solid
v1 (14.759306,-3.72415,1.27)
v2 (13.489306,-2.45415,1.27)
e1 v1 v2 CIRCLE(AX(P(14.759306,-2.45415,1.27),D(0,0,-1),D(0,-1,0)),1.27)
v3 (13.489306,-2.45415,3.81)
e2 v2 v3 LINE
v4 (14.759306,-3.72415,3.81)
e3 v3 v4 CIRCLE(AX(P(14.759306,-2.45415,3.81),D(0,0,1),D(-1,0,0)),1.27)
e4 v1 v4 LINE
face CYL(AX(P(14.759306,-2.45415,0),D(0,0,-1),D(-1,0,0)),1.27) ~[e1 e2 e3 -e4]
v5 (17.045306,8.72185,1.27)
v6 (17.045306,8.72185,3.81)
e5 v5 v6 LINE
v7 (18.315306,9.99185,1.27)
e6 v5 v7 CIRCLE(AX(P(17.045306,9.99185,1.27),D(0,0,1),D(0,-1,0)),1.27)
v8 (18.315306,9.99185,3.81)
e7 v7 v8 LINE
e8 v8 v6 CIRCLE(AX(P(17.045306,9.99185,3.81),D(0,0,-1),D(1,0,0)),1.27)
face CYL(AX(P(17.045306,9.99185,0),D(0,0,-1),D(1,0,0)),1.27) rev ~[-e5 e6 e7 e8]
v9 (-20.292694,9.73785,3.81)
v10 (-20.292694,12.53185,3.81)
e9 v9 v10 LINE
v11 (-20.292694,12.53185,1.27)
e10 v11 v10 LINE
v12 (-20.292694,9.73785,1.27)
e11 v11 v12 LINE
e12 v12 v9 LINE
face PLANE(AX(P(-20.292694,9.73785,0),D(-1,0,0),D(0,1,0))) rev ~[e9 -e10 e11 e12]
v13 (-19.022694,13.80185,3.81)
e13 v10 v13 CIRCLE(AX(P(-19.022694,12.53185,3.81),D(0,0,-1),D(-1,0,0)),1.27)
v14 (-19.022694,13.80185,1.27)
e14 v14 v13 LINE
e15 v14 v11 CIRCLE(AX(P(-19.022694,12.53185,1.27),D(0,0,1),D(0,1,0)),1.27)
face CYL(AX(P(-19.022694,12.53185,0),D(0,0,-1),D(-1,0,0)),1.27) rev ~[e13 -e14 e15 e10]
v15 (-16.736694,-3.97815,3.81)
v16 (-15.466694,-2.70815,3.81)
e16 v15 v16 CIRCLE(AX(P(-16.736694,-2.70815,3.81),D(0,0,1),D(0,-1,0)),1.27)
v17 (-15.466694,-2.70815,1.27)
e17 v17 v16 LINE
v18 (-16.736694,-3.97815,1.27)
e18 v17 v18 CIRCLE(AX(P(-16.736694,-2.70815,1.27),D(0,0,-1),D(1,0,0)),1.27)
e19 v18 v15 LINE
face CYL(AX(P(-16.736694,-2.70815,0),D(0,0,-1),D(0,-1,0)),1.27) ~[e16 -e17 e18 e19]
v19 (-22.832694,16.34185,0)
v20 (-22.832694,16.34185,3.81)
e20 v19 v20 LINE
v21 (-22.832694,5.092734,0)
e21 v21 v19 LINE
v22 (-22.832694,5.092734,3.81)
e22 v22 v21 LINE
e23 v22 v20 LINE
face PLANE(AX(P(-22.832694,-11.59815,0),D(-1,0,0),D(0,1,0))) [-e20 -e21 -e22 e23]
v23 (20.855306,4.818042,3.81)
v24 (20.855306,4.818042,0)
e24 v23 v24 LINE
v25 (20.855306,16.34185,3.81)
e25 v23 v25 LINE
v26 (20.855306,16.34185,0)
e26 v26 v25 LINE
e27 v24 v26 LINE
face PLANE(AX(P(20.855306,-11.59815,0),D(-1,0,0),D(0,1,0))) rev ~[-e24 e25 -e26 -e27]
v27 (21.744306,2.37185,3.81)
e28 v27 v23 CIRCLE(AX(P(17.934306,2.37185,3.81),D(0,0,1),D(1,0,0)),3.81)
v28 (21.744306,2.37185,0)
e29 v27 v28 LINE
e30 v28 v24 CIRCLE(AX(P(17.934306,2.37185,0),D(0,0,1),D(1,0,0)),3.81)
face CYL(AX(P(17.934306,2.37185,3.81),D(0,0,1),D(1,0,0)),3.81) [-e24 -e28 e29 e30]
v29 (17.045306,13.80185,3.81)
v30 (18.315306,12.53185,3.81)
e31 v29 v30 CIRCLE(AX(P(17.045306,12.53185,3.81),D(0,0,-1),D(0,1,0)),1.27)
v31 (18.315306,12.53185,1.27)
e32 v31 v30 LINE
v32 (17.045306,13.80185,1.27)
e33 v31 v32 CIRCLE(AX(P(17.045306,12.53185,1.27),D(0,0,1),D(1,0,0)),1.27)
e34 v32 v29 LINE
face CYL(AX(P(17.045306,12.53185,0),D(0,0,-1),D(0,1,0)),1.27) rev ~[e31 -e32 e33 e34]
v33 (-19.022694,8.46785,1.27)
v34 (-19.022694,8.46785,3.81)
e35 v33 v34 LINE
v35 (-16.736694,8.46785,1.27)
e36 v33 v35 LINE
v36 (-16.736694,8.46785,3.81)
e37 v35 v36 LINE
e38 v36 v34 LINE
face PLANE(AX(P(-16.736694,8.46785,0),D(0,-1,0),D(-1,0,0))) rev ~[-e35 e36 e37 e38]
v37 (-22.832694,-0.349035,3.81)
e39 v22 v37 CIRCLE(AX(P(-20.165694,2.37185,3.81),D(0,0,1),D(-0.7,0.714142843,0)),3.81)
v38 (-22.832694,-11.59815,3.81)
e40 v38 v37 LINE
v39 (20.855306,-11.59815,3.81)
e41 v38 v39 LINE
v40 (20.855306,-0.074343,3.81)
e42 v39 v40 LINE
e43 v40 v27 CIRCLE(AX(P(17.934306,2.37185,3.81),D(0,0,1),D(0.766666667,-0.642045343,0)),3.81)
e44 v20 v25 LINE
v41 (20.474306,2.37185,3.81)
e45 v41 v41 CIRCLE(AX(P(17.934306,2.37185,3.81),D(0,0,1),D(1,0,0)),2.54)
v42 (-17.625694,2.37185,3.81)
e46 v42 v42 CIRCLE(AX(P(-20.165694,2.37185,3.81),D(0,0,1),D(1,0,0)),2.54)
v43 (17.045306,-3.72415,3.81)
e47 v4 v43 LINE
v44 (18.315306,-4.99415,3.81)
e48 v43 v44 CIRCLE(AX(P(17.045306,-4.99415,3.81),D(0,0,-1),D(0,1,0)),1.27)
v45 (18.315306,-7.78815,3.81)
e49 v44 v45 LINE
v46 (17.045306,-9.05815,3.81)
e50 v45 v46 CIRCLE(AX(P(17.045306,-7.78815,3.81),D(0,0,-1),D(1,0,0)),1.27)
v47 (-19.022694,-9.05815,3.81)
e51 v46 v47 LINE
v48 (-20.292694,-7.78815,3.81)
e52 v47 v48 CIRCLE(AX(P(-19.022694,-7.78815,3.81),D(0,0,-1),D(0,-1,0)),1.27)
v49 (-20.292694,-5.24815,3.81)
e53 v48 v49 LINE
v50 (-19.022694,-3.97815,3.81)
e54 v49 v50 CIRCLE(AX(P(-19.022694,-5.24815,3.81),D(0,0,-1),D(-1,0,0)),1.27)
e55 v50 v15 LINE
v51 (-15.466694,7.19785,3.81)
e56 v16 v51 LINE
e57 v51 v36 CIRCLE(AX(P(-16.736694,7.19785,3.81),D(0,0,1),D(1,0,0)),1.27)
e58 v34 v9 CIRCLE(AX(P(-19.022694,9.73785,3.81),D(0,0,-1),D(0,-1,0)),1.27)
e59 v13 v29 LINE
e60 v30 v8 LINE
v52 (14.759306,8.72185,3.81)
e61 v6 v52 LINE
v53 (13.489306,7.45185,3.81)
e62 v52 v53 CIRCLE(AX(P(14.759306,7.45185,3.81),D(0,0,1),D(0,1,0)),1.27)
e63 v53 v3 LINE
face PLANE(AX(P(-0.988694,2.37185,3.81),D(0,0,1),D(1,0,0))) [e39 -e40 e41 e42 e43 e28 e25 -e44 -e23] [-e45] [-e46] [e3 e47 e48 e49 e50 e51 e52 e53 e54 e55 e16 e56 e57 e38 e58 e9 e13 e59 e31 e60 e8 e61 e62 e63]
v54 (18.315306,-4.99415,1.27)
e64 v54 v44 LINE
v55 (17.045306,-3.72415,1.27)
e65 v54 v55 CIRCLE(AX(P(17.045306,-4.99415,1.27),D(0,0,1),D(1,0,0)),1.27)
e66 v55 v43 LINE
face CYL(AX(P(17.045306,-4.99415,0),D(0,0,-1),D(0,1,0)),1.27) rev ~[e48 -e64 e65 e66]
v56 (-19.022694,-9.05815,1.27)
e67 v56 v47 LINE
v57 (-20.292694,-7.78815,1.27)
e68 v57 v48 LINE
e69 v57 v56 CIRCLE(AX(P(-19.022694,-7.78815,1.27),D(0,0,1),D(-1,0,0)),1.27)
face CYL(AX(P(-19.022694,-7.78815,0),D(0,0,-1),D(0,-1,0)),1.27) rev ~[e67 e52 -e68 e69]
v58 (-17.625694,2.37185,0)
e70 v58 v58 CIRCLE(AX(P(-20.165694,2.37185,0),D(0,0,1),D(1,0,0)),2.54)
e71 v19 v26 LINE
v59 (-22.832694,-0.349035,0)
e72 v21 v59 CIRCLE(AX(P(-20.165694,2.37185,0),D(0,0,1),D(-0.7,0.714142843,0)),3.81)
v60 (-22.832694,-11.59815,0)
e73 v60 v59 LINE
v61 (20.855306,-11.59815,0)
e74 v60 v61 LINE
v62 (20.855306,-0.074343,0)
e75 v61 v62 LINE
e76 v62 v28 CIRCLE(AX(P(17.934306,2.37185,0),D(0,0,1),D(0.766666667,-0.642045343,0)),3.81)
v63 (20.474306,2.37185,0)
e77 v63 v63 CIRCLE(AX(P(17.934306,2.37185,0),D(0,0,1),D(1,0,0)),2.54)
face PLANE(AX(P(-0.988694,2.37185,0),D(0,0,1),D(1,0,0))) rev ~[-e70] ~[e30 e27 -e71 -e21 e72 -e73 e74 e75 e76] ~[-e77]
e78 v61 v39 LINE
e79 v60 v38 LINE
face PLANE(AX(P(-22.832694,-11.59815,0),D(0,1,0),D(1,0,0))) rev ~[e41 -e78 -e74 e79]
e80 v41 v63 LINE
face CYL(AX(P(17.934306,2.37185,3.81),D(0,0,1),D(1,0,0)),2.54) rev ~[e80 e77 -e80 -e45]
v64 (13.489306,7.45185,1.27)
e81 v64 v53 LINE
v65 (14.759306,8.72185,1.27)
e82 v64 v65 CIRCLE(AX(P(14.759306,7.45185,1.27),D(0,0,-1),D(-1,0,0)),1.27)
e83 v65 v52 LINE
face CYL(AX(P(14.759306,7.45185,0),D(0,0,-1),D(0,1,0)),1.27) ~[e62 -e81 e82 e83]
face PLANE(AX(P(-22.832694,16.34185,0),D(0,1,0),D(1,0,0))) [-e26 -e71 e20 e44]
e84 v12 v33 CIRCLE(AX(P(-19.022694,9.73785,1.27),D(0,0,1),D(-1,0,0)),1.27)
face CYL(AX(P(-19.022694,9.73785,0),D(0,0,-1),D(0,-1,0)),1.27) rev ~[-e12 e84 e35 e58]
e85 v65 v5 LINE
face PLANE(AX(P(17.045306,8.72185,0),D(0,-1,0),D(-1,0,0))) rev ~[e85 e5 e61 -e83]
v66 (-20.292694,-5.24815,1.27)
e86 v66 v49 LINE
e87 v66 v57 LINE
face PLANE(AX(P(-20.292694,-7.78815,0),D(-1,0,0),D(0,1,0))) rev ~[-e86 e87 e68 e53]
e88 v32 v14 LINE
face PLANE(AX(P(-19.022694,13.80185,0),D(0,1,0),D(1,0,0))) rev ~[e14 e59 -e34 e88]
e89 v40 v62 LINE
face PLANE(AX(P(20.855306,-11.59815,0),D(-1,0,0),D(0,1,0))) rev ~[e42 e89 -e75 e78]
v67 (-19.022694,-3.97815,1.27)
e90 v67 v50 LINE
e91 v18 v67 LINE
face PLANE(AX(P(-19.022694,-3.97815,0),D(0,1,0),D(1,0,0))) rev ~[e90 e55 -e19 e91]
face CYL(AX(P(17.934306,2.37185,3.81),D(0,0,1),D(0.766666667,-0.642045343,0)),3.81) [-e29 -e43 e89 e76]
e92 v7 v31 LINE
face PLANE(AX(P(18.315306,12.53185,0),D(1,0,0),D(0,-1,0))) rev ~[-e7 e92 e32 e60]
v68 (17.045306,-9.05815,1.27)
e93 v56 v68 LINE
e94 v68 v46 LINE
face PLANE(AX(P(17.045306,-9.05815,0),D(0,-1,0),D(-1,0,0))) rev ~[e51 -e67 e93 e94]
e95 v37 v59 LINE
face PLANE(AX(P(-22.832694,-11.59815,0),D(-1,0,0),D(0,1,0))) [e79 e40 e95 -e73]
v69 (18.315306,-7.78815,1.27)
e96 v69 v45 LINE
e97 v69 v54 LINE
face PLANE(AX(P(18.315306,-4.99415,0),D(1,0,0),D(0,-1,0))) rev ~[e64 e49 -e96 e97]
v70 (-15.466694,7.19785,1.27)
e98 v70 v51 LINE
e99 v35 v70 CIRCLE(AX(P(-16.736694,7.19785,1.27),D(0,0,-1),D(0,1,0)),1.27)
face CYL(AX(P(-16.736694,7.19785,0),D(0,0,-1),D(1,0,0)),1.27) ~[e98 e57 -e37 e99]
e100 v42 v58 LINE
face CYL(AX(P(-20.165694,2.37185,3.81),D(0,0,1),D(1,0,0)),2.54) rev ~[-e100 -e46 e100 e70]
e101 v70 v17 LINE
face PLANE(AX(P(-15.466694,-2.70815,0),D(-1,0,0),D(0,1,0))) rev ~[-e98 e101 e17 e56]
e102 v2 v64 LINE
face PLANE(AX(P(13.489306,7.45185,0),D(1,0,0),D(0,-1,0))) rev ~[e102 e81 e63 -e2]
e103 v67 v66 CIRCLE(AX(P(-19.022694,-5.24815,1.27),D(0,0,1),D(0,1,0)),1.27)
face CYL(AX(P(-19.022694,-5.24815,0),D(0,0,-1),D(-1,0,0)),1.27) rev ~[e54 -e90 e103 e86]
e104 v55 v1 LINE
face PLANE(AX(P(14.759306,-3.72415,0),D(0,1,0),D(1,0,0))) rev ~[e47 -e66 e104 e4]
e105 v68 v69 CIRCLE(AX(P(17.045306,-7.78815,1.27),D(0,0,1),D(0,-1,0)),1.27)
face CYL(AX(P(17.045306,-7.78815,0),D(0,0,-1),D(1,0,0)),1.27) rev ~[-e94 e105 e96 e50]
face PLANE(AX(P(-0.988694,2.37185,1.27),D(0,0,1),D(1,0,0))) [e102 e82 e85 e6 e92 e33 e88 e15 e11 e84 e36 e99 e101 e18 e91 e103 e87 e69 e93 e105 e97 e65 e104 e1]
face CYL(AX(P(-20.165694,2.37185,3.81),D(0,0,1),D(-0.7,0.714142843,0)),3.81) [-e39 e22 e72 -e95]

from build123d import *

# Parameters (mm, degrees)
F0_W     = 43.688
F0_H     = 27.94
F1_DEPTH = 3.81
F2_DEPTH = 1.27
F4_DEPTH = 3.81
F3_R     = 2.54
F5_DEPTH = 25.4


with BuildPart() as f1:
    # F0 (on Top) → F1 (new body)
    with BuildSketch(Plane.XY):
        with Locations((-0.9886939079, 2.3718496937)):
            Rectangle(F0_W, F0_H)
        with BuildLine():
            ThreePointArc((-20.2926939079, 12.5318496937), (-19.92071952, 13.4298753058), (-19.0226939079, 13.8018496937))
            Line((-19.0226939079, 13.8018496937), (17.0453060921, 13.8018496937))
            ThreePointArc((17.0453060921, 13.8018496937), (17.9433317042, 13.4298753058), (18.3153060921, 12.5318496937))
            Line((18.3153060921, 12.5318496937), (18.3153060921, 9.9918496937))
            ThreePointArc((18.3153060921, 9.9918496937), (17.9433317042, 9.0938240816), (17.0453060921, 8.7218496937))
            Line((17.0453060921, 8.7218496937), (14.7593060921, 8.7218496937))
            ThreePointArc((14.7593060921, 8.7218496937), (13.86128048, 8.3498753058), (13.4893060921, 7.4518496937))
            Line((13.4893060921, 7.4518496937), (13.4893060921, -2.4541503063))
            ThreePointArc((13.4893060921, -2.4541503063), (13.86128048, -3.3521759184), (14.7593060921, -3.7241503063))
            Line((14.7593060921, -3.7241503063), (17.0453060921, -3.7241503063))
            ThreePointArc((17.0453060921, -3.7241503063), (17.9433317042, -4.0961246942), (18.3153060921, -4.9941503063))
            Line((18.3153060921, -4.9941503063), (18.3153060921, -7.7881503063))
            ThreePointArc((18.3153060921, -7.7881503063), (17.9433317042, -8.6861759184), (17.0453060921, -9.0581503063))
            Line((17.0453060921, -9.0581503063), (-19.0226939079, -9.0581503063))
            ThreePointArc((-19.0226939079, -9.0581503063), (-19.92071952, -8.6861759184), (-20.2926939079, -7.7881503063))
            Line((-20.2926939079, -7.7881503063), (-20.2926939079, -5.2481503063))
            ThreePointArc((-20.2926939079, -5.2481503063), (-19.92071952, -4.3501246942), (-19.0226939079, -3.9781503063))
            Line((-19.0226939079, -3.9781503063), (-16.7366939079, -3.9781503063))
            ThreePointArc((-16.7366939079, -3.9781503063), (-15.8386682958, -3.6061759184), (-15.4666939079, -2.7081503063))
            Line((-15.4666939079, -2.7081503063), (-15.4666939079, 7.1978496937))
            ThreePointArc((-15.4666939079, 7.1978496937), (-15.8386682958, 8.0958753058), (-16.7366939079, 8.4678496937))
            Line((-16.7366939079, 8.4678496937), (-19.0226939079, 8.4678496937))
            ThreePointArc((-19.0226939079, 8.4678496937), (-19.92071952, 8.8398240816), (-20.2926939079, 9.7378496937))
            Line((-20.2926939079, 9.7378496937), (-20.2926939079, 12.5318496937))
        make_face(mode=Mode.SUBTRACT)
    extrude(amount=F1_DEPTH)

    # F0 (on Top) → F2 (join)
    with BuildSketch(Plane.XY):
        with BuildLine():
            Line((17.0453060921, 13.8018496937), (-19.0226939079, 13.8018496937))
            ThreePointArc((-19.0226939079, 13.8018496937), (-19.92071952, 13.4298753058), (-20.2926939079, 12.5318496937))
            Line((-20.2926939079, 12.5318496937), (-20.2926939079, 9.7378496937))
            ThreePointArc((-20.2926939079, 9.7378496937), (-19.92071952, 8.8398240816), (-19.0226939079, 8.4678496937))
            Line((-19.0226939079, 8.4678496937), (-16.7366939079, 8.4678496937))
            ThreePointArc((-16.7366939079, 8.4678496937), (-15.8386682958, 8.0958753058), (-15.4666939079, 7.1978496937))
            Line((-15.4666939079, 7.1978496937), (-15.4666939079, -2.7081503063))
            ThreePointArc((-15.4666939079, -2.7081503063), (-15.8386682958, -3.6061759184), (-16.7366939079, -3.9781503063))
            Line((-16.7366939079, -3.9781503063), (-19.0226939079, -3.9781503063))
            ThreePointArc((-19.0226939079, -3.9781503063), (-19.92071952, -4.3501246942), (-20.2926939079, -5.2481503063))
            Line((-20.2926939079, -5.2481503063), (-20.2926939079, -7.7881503063))
            ThreePointArc((-20.2926939079, -7.7881503063), (-19.92071952, -8.6861759184), (-19.0226939079, -9.0581503063))
            Line((-19.0226939079, -9.0581503063), (17.0453060921, -9.0581503063))
            ThreePointArc((17.0453060921, -9.0581503063), (17.9433317042, -8.6861759184), (18.3153060921, -7.7881503063))
            Line((18.3153060921, -7.7881503063), (18.3153060921, -4.9941503063))
            ThreePointArc((18.3153060921, -4.9941503063), (17.9433317042, -4.0961246942), (17.0453060921, -3.7241503063))
            Line((17.0453060921, -3.7241503063), (14.7593060921, -3.7241503063))
            ThreePointArc((14.7593060921, -3.7241503063), (13.86128048, -3.3521759184), (13.4893060921, -2.4541503063))
            Line((13.4893060921, -2.4541503063), (13.4893060921, 7.4518496937))
            ThreePointArc((13.4893060921, 7.4518496937), (13.86128048, 8.3498753058), (14.7593060921, 8.7218496937))
            Line((14.7593060921, 8.7218496937), (17.0453060921, 8.7218496937))
            ThreePointArc((17.0453060921, 8.7218496937), (17.9433317042, 9.0938240816), (18.3153060921, 9.9918496937))
            Line((18.3153060921, 9.9918496937), (18.3153060921, 12.5318496937))
            ThreePointArc((18.3153060921, 12.5318496937), (17.9433317042, 13.4298753058), (17.0453060921, 13.8018496937))
        make_face()
    extrude(amount=F2_DEPTH)

    # F3 (on face) → F4 (join)
    with BuildSketch(Plane.XY.offset(3.81)):
        with BuildLine():
            Line((-22.8326939079, -0.3490345376), (-22.8326939079, 5.092733925))
            ThreePointArc((-22.8326939079, 5.092733925), (-23.9756939079, 2.3718496937), (-22.8326939079, -0.3490345376))
        make_face()
        with BuildLine():
            ThreePointArc((21.7443060921, 2.3718496937), (21.5151656258, 3.673212441), (20.8553060921, 4.8180424498))
            Line((20.8553060921, 4.8180424498), (20.8553060921, -0.0743430624))
            ThreePointArc((20.8553060921, -0.0743430624), (21.5151656258, 1.0704869464), (21.7443060921, 2.3718496937))
        make_face()
    extrude(amount=-F4_DEPTH)

    # F3 (on face) → F5 (cut)
    with BuildSketch(Plane.XY.offset(3.81)):
        with Locations((-20.1656939079, 2.3718496937)):
            Circle(F3_R)
        with Locations((17.9343060921, 2.3718496937)):
            Circle(F3_R)
    extrude(amount=-F5_DEPTH, mode=Mode.SUBTRACT)


solid = f1.part
